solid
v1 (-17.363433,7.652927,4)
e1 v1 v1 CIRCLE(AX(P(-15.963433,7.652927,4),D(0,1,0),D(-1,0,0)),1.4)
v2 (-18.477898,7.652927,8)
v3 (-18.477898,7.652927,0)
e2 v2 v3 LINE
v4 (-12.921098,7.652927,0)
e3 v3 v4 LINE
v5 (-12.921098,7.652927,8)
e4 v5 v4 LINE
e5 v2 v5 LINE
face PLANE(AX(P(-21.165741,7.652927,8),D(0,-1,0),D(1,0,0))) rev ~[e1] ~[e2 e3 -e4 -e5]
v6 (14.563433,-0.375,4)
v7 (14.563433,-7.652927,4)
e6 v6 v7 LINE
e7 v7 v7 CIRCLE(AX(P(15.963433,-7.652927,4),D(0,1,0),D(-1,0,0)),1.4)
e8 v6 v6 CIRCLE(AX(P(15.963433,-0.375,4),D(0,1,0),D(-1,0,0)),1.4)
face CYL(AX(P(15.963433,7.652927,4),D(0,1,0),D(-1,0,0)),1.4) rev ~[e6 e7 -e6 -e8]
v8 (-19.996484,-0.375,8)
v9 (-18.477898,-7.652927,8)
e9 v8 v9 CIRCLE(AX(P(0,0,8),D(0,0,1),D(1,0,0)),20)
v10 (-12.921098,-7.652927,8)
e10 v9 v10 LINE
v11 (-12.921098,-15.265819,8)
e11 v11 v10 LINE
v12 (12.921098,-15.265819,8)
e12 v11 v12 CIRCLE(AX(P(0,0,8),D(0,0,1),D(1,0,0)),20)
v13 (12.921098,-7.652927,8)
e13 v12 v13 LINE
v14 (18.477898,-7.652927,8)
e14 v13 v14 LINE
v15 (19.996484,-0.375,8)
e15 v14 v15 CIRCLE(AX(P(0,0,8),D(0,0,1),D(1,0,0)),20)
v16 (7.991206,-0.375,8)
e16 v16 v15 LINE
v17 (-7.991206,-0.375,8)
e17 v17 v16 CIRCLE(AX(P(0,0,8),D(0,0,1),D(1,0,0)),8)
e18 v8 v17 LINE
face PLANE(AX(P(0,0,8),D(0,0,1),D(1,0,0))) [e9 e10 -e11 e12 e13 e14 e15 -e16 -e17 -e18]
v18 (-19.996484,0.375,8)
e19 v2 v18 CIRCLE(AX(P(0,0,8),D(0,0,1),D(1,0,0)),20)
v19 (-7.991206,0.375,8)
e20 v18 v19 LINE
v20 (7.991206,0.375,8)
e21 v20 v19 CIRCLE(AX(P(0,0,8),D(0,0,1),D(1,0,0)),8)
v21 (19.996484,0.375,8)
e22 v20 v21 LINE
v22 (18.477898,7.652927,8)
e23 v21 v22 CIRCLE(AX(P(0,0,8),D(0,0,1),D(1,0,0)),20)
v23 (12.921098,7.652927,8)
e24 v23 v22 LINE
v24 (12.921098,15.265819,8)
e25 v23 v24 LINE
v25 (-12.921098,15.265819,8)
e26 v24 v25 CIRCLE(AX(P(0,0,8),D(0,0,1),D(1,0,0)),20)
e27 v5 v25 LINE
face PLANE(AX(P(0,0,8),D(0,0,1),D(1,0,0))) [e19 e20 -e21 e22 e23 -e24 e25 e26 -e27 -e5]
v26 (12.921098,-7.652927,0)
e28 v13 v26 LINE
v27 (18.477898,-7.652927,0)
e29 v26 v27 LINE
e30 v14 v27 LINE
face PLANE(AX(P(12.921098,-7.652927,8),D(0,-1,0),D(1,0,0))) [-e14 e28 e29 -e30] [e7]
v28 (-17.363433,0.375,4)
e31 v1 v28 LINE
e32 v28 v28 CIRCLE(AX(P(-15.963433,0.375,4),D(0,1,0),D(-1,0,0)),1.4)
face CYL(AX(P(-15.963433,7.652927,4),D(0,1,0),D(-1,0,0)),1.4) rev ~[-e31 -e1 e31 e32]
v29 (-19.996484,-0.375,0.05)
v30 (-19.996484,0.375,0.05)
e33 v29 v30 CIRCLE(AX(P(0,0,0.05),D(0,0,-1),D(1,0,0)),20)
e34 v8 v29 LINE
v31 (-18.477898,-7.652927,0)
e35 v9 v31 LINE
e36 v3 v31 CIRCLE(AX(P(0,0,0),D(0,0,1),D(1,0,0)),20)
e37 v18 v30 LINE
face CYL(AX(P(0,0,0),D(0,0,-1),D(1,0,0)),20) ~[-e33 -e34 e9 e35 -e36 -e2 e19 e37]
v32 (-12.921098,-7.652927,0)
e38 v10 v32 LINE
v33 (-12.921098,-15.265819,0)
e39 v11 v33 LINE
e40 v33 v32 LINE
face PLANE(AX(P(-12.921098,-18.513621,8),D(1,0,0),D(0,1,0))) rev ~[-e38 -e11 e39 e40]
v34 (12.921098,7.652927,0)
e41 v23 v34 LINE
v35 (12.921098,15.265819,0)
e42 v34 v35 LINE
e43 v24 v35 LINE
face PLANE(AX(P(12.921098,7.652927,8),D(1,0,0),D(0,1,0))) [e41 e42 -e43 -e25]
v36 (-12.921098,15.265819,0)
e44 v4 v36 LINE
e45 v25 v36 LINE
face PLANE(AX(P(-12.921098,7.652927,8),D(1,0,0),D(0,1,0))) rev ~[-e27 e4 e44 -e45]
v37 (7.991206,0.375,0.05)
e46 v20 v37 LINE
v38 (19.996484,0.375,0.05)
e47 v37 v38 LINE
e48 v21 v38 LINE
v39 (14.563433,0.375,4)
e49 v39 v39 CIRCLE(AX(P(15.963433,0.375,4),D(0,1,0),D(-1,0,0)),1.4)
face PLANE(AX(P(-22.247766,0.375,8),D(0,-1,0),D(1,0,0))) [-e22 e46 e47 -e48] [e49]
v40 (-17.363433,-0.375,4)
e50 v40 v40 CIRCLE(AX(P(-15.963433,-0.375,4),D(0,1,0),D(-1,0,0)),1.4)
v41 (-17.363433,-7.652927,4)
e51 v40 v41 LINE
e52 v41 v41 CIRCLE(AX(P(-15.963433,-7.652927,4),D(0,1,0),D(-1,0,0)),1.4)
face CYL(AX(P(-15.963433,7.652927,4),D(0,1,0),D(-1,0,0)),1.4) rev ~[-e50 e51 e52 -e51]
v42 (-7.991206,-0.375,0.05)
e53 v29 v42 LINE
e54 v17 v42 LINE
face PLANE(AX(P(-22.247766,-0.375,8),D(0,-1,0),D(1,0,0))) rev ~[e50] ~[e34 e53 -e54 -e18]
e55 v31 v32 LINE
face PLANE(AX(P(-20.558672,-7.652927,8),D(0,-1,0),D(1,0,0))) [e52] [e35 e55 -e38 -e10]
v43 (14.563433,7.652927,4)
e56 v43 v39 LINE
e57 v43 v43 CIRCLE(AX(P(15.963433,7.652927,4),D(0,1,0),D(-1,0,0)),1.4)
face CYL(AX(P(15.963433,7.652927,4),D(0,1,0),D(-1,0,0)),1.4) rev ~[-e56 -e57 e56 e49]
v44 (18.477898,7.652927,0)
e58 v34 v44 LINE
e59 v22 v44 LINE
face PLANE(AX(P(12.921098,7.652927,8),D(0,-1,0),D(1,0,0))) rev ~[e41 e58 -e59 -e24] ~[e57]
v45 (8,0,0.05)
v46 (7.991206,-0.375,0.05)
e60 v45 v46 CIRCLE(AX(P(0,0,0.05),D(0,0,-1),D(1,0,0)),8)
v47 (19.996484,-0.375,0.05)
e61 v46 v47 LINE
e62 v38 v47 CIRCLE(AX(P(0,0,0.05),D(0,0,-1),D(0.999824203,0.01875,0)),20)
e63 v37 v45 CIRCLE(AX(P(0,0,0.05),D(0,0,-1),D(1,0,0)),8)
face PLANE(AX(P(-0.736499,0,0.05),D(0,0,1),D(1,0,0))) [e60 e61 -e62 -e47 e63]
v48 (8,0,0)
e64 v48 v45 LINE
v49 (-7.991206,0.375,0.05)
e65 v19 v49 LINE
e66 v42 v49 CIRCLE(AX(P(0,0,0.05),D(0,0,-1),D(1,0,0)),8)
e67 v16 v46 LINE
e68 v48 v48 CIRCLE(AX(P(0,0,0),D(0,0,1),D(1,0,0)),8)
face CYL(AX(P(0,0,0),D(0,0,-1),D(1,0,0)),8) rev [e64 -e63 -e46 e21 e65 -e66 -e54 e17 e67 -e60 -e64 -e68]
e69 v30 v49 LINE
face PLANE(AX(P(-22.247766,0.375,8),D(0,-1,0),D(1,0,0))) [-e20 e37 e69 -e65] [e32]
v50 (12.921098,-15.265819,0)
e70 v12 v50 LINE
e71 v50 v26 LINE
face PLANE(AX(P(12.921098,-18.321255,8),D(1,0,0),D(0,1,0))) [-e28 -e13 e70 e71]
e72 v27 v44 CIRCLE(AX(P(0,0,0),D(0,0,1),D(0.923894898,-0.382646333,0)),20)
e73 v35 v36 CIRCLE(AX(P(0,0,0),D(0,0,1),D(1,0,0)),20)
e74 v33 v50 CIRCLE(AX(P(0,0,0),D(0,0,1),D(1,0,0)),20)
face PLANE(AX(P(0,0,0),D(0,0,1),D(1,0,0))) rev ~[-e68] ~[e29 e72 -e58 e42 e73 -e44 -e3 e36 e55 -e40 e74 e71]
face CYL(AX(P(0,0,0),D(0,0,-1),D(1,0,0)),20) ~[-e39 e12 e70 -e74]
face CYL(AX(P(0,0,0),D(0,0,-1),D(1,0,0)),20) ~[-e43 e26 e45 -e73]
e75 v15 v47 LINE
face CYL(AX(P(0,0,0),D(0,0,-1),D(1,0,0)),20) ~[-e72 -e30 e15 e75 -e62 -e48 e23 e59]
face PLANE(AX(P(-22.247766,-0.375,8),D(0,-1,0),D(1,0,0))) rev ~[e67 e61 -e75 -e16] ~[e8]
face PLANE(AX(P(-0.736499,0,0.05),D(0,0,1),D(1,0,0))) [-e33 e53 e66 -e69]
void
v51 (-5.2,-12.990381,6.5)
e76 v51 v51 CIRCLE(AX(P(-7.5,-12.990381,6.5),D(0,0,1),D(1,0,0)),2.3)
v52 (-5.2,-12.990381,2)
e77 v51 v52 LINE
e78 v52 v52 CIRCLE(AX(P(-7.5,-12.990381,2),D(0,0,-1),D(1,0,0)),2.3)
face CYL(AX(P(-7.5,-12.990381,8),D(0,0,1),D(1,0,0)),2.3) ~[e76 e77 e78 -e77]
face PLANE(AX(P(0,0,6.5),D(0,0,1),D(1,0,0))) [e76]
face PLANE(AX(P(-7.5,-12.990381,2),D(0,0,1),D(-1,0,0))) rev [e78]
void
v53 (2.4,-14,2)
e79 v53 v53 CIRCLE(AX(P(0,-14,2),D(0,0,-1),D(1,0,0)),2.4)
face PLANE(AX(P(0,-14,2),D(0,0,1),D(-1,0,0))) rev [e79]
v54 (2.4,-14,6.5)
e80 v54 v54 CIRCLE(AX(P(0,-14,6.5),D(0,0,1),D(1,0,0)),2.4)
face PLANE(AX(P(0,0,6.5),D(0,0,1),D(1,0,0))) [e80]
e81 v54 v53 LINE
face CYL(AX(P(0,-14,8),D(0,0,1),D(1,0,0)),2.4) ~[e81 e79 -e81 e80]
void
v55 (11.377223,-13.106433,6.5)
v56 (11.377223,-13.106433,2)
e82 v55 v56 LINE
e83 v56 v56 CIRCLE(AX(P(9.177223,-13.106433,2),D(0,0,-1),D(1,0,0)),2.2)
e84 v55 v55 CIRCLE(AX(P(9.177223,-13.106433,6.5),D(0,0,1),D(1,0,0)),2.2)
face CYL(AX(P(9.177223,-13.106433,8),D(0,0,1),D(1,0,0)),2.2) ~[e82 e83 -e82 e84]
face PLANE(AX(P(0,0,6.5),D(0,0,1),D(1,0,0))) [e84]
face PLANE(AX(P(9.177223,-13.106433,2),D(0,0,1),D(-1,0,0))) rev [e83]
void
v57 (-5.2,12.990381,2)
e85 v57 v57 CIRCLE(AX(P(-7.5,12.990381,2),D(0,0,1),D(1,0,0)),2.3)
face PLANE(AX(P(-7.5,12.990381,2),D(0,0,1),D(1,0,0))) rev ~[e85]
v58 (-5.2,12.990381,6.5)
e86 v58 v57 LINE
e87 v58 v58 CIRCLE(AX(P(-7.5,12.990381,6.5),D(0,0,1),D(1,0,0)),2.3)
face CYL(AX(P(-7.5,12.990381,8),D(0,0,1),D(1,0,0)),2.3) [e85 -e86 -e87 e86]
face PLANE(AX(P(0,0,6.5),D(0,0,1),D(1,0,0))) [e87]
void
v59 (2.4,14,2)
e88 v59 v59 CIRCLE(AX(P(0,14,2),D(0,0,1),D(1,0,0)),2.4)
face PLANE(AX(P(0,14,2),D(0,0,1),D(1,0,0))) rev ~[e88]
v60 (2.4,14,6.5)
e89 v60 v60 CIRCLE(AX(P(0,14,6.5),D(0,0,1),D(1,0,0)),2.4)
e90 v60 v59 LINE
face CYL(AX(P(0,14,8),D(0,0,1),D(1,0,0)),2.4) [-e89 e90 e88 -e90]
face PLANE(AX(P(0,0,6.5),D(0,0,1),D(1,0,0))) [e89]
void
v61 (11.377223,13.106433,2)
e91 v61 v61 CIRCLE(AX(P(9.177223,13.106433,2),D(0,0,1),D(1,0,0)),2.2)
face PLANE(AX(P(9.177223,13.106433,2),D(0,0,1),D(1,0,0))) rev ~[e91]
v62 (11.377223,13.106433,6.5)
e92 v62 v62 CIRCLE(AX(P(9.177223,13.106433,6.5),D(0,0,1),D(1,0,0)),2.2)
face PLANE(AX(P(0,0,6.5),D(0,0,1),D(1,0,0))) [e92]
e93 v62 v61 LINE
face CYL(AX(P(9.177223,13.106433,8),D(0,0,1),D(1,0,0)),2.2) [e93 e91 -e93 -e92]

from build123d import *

# Parameters (mm, degrees)
SKETCH_R        = 20
SKETCH_R_2      = 8
PAD_DEPTH       = 8
SKETCH001_R     = 2.4
SKETCH001_R_2   = 2.3
SKETCH001_R_3   = 1.630743
SKETCH001_R_4   = 1.492514
SKETCH001_R_5   = 2.2
SKETCH001_R_6   = 1.821083
POCKET_DEPTH    = 6
SKETCH002_R     = 19.1322603564
SKETCH002_R_2   = 8.424409
PAD001_DEPTH    = 1.5
SKETCH003_W     = 43.022533
SKETCH003_H     = 0.75
POCKET001_DEPTH = 7.95
SKETCH007_W     = 7.6375744751
SKETCH007_H     = 10.86069433
SKETCH007_W_2   = 8.2446434751
SKETCH007_H_2   = 12.05515533
SKETCH007_W_3   = 8.5299164751
SKETCH007_H_3   = 10.94123533
SKETCH007_W_4   = 11.8328734751
SKETCH007_H_4   = 10.66832833
POCKET002_DEPTH = 8.001
SKETCH008_R     = 1.4
POCKET003_DEPTH = 27.65392667


with BuildPart() as part:
    # Sketch → Pad (new body)
    with BuildSketch(Plane.XY):
        Circle(SKETCH_R)
        Circle(SKETCH_R_2, mode=Mode.SUBTRACT)
    extrude(amount=PAD_DEPTH)

    # Sketch001 (on Face4 of Pad) → Pocket (cut)
    with BuildSketch(Plane.XY.offset(8)):
        with Locations((0, 14)):
            Circle(SKETCH001_R)
        with Locations((-7.5, 12.9903810568)):
            Circle(SKETCH001_R_2)
        with Locations((-17.083683, 37.568653)):
            Circle(SKETCH001_R_3)
        with Locations((9.573956, 39.229813)):
            Circle(SKETCH001_R_4)
        with Locations((9.1772229816, 13.1064327086)):
            Circle(SKETCH001_R_5)
        with Locations((30.140682, 32.901588)):
            Circle(SKETCH001_R_6)
    pocket = extrude(amount=-POCKET_DEPTH, mode=Mode.SUBTRACT)

    # Mirrored: Pocket across Sketch001 H_Axis
    add(pocket.mirror(Plane(origin=(0, 0, 8), x_dir=(0, 0, 1), z_dir=(0, 1, 0))), mode=Mode.SUBTRACT)

    # Sketch002 → Pad001 (join)
    with BuildSketch(Plane.XY.offset(8)):
        Circle(SKETCH002_R)
        Circle(SKETCH002_R_2, mode=Mode.SUBTRACT)
    extrude(amount=-PAD001_DEPTH)

    # Sketch003 → Pocket001 (cut)
    with BuildSketch(Plane.XY.offset(8)):
        with Locations((-0.7364995, 0)):
            Rectangle(SKETCH003_W, SKETCH003_H)
    extrude(amount=-POCKET001_DEPTH, mode=Mode.SUBTRACT)

    # Sketch007 → Pocket002 (cut, through all)
    with BuildSketch(Plane.XY.offset(8)):
        with Locations((-16.7398847624, -13.083273835)):
            Rectangle(SKETCH007_W, SKETCH007_H)
        with Locations((-17.0434192624, 13.680504335)):
            Rectangle(SKETCH007_W_2, SKETCH007_H_2)
        with Locations((17.1860557624, 13.123544335)):
            Rectangle(SKETCH007_W_3, SKETCH007_H_3)
        with Locations((18.8375342624, -12.987090835)):
            Rectangle(SKETCH007_W_4, SKETCH007_H_4)
    extrude(amount=-POCKET002_DEPTH, mode=Mode.SUBTRACT)

    # Sketch008 (on Face19 of Pocket002) → Pocket003 (cut, through all)
    with BuildSketch(Plane(origin=(0, 7.65292667, 0), x_dir=(-1, 0, 0), z_dir=(0, 1, 0))):
        with Locations((-15.963433, 4)):
            Circle(SKETCH008_R)
        with Locations((15.963433, 4)):
            Circle(SKETCH008_R)
    extrude(amount=-POCKET003_DEPTH, mode=Mode.SUBTRACT)


solid = part.part
